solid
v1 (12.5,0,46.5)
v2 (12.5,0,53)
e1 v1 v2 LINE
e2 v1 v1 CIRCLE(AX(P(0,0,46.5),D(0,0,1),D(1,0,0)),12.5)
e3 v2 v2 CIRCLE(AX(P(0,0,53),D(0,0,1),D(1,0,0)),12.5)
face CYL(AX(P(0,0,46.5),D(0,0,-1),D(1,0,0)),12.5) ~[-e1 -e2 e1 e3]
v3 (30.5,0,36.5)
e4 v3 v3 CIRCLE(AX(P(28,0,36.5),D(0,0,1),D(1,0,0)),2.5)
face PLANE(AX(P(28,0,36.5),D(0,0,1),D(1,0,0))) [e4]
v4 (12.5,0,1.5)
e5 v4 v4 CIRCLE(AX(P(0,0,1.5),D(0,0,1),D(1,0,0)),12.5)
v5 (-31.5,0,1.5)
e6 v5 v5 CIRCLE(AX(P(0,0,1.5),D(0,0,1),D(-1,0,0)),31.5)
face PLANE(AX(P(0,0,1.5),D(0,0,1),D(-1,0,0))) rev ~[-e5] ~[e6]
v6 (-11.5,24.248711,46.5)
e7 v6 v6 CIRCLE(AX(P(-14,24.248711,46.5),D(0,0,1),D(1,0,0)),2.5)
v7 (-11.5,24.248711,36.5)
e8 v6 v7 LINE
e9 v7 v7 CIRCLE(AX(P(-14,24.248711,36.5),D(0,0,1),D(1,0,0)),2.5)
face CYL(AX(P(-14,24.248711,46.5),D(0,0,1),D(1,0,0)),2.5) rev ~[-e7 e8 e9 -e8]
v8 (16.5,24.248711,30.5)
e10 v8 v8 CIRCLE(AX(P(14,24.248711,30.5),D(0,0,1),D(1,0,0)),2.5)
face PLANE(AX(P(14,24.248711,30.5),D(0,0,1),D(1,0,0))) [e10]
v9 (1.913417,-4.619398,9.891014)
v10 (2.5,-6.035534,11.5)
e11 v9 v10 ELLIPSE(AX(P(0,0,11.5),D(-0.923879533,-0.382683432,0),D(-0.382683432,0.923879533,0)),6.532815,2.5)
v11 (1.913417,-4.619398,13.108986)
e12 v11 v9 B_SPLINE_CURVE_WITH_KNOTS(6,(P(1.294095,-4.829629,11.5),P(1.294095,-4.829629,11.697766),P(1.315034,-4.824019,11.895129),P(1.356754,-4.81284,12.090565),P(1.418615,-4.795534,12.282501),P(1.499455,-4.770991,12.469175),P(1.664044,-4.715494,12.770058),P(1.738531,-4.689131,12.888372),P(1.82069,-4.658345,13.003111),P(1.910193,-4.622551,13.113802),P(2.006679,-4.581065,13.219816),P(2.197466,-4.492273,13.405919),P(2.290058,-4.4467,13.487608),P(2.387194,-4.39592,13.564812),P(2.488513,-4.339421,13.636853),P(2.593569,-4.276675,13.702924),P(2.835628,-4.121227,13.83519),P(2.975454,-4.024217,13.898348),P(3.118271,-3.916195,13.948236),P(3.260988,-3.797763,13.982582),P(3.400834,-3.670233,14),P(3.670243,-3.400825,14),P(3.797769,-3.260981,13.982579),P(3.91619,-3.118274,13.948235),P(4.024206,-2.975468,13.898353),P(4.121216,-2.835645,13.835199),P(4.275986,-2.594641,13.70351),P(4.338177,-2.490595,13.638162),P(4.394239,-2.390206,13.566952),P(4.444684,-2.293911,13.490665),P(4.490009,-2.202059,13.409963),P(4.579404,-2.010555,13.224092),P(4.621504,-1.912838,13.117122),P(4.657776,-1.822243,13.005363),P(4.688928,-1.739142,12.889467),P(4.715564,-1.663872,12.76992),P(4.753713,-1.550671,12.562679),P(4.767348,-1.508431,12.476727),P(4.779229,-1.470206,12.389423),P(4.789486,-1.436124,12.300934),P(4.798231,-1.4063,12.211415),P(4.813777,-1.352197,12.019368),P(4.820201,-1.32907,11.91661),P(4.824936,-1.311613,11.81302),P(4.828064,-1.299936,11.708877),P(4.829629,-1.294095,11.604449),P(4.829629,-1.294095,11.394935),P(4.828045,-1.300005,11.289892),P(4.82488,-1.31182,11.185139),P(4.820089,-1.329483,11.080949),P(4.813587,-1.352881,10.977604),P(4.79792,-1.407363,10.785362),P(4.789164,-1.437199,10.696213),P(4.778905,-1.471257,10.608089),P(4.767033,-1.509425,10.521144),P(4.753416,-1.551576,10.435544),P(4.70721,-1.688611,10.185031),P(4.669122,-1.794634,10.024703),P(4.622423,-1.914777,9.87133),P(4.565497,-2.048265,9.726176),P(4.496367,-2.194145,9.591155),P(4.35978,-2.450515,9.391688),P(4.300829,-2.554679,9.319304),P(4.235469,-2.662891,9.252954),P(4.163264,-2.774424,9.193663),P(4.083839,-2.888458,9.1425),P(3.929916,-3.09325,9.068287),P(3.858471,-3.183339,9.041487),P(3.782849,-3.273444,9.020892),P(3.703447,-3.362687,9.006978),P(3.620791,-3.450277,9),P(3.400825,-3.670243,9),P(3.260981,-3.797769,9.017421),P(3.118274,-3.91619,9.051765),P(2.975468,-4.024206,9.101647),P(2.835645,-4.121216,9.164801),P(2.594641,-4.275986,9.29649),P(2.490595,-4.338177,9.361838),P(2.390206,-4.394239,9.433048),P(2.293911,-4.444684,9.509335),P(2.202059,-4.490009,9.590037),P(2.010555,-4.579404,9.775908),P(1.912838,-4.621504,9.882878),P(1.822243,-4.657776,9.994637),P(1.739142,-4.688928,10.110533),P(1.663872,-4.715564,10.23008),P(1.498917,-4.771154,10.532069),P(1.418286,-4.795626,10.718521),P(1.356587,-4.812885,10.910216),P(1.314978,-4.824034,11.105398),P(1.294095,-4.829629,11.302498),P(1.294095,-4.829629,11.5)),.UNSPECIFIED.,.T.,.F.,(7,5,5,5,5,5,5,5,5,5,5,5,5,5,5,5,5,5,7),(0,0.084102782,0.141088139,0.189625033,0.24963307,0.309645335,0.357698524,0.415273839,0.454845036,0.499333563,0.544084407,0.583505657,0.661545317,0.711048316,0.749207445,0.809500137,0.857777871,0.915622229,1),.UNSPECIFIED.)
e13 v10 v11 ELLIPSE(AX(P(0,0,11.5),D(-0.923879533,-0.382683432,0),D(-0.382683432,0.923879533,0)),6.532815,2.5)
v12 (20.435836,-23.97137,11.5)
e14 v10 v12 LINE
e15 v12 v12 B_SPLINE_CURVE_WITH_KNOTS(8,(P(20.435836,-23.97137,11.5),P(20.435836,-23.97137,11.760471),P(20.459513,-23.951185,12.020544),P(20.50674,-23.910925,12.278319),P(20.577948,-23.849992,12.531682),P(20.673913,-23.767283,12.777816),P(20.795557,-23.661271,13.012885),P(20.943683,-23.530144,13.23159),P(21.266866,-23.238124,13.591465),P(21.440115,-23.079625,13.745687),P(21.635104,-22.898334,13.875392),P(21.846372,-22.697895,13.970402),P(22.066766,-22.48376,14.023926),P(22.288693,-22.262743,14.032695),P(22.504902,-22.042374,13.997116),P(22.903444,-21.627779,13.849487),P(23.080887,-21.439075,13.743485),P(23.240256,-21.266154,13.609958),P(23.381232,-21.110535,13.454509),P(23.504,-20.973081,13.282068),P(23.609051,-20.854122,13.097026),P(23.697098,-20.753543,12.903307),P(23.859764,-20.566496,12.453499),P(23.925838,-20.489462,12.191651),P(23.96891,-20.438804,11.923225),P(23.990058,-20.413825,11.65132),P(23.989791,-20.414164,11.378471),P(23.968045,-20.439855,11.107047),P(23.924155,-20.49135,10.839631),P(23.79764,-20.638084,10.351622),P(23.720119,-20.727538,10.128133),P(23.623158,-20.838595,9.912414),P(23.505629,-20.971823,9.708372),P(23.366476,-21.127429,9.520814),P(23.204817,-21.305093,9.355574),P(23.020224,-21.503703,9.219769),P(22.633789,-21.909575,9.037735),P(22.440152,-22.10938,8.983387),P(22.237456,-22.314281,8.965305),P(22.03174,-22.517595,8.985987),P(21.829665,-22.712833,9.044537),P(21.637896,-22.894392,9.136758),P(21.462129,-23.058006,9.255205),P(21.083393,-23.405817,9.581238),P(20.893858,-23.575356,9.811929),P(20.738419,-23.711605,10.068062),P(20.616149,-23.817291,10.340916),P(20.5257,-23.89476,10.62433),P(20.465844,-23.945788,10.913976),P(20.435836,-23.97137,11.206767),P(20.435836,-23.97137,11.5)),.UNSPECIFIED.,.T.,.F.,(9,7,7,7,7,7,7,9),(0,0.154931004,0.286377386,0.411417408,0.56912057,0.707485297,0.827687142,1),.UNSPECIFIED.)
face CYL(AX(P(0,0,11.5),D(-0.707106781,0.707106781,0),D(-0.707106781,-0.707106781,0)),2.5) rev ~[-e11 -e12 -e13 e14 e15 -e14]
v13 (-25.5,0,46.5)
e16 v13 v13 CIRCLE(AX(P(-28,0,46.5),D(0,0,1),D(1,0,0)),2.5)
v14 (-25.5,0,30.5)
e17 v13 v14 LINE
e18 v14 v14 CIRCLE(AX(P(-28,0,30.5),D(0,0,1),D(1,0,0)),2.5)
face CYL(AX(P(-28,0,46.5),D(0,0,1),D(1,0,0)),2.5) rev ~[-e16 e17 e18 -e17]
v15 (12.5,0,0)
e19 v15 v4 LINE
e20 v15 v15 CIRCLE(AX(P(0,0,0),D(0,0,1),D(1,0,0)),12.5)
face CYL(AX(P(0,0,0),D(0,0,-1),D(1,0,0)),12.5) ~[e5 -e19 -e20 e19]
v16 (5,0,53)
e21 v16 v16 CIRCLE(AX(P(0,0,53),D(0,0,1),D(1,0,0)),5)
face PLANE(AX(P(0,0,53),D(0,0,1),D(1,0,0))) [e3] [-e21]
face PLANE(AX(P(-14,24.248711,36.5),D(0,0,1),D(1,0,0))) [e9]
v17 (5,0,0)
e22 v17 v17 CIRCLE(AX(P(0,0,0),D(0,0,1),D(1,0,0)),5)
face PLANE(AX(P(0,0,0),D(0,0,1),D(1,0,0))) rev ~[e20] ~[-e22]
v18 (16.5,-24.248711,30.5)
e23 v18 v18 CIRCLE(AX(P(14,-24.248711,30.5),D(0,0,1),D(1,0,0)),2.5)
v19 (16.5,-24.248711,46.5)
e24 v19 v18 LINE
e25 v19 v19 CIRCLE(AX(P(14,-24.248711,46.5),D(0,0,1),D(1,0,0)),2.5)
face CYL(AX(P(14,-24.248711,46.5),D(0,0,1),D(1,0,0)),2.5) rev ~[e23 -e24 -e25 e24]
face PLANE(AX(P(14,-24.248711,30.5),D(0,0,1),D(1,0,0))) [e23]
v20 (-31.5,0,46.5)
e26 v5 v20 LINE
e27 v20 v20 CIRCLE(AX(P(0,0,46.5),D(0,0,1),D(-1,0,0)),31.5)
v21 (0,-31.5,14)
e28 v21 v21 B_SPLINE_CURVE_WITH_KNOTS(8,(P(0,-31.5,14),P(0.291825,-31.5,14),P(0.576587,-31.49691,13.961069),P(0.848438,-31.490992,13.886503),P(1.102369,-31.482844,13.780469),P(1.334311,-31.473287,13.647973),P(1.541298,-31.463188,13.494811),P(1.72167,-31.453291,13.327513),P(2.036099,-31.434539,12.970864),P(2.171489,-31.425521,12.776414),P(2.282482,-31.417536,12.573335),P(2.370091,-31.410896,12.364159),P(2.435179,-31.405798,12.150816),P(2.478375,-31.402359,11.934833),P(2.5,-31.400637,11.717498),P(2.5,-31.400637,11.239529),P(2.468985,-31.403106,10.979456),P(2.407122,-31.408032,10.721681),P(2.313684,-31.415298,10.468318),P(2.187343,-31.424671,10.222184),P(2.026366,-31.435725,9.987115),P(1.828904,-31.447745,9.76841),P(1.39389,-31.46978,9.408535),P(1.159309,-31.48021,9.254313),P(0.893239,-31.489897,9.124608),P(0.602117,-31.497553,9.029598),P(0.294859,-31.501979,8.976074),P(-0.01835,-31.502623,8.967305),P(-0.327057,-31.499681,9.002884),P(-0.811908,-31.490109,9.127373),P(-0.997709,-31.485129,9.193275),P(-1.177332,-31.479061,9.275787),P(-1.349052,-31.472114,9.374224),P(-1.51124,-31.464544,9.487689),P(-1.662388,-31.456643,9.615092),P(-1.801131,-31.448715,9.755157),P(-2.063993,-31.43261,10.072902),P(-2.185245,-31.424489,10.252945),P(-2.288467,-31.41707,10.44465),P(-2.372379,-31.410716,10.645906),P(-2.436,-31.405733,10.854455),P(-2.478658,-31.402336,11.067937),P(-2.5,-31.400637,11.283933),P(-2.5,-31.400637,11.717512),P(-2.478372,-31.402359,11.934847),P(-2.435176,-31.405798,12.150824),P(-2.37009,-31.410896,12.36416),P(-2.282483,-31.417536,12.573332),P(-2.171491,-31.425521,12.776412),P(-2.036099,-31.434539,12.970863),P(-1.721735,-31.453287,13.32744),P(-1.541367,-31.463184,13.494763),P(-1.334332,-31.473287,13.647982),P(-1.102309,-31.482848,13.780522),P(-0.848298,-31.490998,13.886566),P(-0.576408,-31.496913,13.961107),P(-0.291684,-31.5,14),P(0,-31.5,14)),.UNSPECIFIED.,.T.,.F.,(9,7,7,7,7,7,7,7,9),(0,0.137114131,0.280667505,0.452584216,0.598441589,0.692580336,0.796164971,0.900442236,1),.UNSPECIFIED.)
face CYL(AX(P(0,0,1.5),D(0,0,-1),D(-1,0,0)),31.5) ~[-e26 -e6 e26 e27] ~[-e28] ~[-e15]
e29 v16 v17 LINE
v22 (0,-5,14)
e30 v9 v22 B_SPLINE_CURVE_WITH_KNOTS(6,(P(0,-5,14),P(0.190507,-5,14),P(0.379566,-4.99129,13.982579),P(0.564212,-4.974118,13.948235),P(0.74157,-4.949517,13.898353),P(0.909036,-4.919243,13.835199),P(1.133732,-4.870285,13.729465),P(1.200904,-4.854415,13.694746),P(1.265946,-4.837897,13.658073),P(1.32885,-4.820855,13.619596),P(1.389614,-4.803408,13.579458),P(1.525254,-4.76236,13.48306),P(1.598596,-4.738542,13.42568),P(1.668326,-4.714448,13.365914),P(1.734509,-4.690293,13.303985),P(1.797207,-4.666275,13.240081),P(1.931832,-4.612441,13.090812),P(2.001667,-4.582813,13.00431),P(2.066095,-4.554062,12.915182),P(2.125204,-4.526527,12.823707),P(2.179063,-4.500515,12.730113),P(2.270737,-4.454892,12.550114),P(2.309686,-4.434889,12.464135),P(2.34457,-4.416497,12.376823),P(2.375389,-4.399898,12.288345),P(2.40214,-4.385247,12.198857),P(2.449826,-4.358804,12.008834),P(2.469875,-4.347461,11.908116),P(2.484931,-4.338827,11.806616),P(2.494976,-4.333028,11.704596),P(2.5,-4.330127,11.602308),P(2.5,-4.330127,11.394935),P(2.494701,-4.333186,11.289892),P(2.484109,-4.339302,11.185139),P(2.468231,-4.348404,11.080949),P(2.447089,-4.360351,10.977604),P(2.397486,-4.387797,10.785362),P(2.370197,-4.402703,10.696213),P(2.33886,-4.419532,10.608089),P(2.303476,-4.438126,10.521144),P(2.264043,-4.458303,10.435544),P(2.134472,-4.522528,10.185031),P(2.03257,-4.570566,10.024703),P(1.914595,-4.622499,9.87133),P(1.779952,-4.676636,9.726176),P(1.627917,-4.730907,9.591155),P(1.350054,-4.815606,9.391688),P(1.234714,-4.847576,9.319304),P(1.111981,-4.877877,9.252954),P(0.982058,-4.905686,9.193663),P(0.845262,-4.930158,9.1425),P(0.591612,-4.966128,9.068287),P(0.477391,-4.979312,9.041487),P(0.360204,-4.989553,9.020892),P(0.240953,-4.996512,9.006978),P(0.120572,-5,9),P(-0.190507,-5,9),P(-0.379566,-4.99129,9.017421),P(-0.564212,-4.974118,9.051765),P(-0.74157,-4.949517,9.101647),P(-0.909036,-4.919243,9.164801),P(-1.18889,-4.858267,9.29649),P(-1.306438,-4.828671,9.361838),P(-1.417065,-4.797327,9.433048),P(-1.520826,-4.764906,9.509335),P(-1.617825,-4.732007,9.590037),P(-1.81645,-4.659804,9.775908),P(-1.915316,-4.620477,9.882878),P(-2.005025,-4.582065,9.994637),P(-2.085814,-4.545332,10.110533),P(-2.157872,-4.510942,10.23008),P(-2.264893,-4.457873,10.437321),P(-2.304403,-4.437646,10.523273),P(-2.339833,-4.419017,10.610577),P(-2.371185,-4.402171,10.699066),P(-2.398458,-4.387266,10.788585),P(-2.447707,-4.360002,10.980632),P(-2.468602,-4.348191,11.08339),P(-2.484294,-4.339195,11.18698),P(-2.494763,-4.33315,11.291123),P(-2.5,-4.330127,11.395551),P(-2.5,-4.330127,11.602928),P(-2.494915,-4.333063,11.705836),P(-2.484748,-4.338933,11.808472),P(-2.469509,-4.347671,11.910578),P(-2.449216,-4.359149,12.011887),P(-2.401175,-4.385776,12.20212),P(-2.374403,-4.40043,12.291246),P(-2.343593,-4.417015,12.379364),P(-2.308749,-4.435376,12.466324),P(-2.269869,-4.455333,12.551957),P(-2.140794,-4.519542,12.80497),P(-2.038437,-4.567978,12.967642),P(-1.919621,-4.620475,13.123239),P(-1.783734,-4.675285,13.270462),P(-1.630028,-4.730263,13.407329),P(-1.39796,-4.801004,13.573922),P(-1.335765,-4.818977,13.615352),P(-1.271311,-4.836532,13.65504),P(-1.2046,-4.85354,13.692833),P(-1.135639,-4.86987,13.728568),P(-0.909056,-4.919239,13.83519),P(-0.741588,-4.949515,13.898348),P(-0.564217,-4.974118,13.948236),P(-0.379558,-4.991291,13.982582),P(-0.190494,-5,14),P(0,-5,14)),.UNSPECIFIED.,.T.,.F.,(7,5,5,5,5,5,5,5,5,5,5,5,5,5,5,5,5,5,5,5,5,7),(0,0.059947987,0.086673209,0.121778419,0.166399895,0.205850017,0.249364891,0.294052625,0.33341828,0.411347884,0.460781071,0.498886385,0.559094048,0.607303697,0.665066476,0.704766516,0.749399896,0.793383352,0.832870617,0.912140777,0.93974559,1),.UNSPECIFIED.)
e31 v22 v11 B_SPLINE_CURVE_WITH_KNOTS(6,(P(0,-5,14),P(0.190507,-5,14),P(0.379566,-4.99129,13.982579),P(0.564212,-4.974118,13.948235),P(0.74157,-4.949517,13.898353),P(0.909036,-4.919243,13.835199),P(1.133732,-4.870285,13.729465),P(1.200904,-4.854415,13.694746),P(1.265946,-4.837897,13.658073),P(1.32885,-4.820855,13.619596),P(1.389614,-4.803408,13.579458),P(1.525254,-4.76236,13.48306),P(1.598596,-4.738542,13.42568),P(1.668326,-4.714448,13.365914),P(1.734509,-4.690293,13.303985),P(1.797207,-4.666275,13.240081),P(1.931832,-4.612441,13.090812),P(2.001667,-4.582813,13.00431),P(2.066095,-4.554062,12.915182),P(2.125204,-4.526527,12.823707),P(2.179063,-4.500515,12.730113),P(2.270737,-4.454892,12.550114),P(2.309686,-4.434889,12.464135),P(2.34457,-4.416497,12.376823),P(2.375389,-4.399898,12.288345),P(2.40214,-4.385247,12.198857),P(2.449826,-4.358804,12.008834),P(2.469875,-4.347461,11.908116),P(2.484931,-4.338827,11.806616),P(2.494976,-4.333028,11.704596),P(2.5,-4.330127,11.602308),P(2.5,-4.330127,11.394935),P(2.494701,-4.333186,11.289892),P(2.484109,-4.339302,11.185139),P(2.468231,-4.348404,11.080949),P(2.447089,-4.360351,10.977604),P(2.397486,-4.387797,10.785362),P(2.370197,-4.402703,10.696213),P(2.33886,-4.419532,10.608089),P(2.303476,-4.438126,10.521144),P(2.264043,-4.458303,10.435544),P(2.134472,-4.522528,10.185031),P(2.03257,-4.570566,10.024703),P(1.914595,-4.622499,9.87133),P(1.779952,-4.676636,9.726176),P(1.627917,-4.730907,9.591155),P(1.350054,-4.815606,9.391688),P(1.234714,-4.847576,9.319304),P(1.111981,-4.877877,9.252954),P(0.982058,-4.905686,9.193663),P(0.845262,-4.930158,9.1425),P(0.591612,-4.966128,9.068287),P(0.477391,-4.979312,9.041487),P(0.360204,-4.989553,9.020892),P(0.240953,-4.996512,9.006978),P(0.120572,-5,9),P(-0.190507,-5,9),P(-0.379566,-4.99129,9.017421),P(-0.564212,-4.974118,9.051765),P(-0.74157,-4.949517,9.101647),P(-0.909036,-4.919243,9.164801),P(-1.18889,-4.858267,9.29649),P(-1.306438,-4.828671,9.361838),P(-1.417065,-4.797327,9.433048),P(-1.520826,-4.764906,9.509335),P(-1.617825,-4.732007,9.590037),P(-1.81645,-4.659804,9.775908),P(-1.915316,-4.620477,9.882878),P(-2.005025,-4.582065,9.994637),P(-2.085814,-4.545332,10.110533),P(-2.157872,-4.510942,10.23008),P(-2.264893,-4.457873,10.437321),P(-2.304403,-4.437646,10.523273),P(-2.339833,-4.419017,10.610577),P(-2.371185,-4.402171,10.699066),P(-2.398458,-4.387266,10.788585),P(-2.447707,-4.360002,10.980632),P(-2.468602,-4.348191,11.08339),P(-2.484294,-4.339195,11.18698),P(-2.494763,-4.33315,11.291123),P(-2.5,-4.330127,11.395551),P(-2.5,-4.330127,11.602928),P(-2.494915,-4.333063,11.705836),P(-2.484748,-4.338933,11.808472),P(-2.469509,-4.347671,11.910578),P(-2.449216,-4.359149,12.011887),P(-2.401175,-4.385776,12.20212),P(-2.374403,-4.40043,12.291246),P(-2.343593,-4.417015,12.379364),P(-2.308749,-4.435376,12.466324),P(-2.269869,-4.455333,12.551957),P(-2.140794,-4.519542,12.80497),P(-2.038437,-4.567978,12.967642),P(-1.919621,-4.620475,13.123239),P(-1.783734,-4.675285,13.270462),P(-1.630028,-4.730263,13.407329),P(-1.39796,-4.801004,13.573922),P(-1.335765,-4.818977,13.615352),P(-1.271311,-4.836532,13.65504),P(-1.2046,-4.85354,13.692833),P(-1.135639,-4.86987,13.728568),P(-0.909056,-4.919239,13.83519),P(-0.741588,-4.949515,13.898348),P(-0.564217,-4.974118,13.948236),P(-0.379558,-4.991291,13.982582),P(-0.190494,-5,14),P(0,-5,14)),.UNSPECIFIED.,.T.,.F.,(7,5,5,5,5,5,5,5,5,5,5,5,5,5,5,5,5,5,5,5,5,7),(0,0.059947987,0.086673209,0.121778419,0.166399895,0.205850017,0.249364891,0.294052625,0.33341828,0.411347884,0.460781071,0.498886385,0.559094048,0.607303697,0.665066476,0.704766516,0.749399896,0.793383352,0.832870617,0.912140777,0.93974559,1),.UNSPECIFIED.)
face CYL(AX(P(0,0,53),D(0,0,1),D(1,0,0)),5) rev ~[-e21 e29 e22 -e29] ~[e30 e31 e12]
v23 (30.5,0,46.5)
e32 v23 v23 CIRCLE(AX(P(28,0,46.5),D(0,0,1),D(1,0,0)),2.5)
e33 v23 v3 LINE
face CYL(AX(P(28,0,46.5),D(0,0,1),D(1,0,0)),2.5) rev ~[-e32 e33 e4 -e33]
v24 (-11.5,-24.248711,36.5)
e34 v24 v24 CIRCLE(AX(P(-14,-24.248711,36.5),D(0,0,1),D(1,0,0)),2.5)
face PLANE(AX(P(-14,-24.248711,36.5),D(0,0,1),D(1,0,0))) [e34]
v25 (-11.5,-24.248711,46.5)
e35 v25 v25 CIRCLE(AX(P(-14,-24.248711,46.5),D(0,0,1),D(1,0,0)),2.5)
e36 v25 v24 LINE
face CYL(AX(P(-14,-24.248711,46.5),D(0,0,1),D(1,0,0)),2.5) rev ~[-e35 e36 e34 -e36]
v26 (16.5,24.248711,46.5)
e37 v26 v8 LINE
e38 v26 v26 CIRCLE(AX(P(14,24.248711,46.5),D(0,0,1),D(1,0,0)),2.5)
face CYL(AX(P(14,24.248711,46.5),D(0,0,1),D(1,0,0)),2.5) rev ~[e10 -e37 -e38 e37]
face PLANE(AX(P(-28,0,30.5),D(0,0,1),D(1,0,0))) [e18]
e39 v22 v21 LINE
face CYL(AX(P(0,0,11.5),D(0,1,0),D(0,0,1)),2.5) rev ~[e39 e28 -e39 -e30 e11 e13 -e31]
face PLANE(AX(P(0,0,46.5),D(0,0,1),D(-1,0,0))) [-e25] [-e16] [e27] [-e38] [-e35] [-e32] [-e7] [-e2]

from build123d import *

# Parameters (mm, degrees)
SKETCH_2_R          = 12.5
EXTRUDE_1_DEPTH     = 1.5
SKETCH_3_R          = 31.5
EXTRUDE_2_DEPTH     = 45
SKETCH_4_R          = 12.5
EXTRUDE_3_DEPTH     = 6.5
SKETCH_5_R          = 5
CUT_EXTRUDE_1_DEPTH = 70.235106702
SKETCH_6_R          = 2.5
CUT_EXTRUDE_2_DEPTH = 70.235106702
SKETCH_7_R          = 2.5
CUT_EXTRUDE_3_DEPTH = 70.235106869
SKETCH_8_R          = 2.5
CUT_EXTRUDE_4_DEPTH = 10
SKETCH_9_R          = 2.5
CUT_EXTRUDE_5_DEPTH = 16


with BuildPart() as part:
    # 草图2 → 凸台-拉伸1 (new body)
    with BuildSketch(Plane.XY):
        Circle(SKETCH_2_R)
    extrude(amount=EXTRUDE_1_DEPTH)

    # 草图3 → 凸台-拉伸2 (add)
    with BuildSketch(Plane.XY.offset(1.5)):
        with Locations(Location((0, 0, 0), (0, 0, 180))):
            Circle(SKETCH_3_R)
    extrude(amount=EXTRUDE_2_DEPTH)

    # 草图4 → 凸台-拉伸3 (add)
    with BuildSketch(Plane.XY.offset(46.5)):
        Circle(SKETCH_4_R)
    extrude(amount=EXTRUDE_3_DEPTH)

    # 草图5 → 切除-拉伸1 (cut, through all)
    with BuildSketch(Plane.XY.offset(53)):
        Circle(SKETCH_5_R)
    extrude(amount=-CUT_EXTRUDE_1_DEPTH, mode=Mode.SUBTRACT)

    # 草图6 → 切除-拉伸2 (cut, through all)
    with BuildSketch(Plane(origin=(0, 0, 0), x_dir=(0.7071067811865477, 0.7071067811865475, 0), z_dir=(-0.7071067811865475, 0.7071067811865477, 0))):
        with Locations(Location((0, -11.5, 0), (0, 0, 180))):
            Circle(SKETCH_6_R)
    extrude(amount=-CUT_EXTRUDE_2_DEPTH, mode=Mode.SUBTRACT)

    # 草图7 → 切除-拉伸3 (cut, through all)
    with BuildSketch(Plane(origin=(0, 0, 0), x_dir=(1, 0, 0), z_dir=(0, 1, 0))):
        with Locations(Location((0, -11.5, 0), (0, 0, 270))):
            Circle(SKETCH_7_R)
    extrude(amount=-CUT_EXTRUDE_3_DEPTH, mode=Mode.SUBTRACT)

    # 草图8 → 切除-拉伸4 (cut)
    with BuildSketch(Plane.XY.offset(46.5)):
        with Locations((28, 0)):
            Circle(SKETCH_8_R)
        with Locations((-14, -24.248711306)):
            Circle(SKETCH_8_R)
        with Locations((-14, 24.248711306)):
            Circle(SKETCH_8_R)
    extrude(amount=-CUT_EXTRUDE_4_DEPTH, mode=Mode.SUBTRACT)

    # 草图9 → 切除-拉伸5 (cut)
    with BuildSketch(Plane.XY.offset(46.5)):
        with Locations((-28, 0)):
            Circle(SKETCH_9_R)
        with Locations((14, 24.248711306)):
            Circle(SKETCH_9_R)
        with Locations((14, -24.248711306)):
            Circle(SKETCH_9_R)
    extrude(amount=-CUT_EXTRUDE_5_DEPTH, mode=Mode.SUBTRACT)


solid = part.part
